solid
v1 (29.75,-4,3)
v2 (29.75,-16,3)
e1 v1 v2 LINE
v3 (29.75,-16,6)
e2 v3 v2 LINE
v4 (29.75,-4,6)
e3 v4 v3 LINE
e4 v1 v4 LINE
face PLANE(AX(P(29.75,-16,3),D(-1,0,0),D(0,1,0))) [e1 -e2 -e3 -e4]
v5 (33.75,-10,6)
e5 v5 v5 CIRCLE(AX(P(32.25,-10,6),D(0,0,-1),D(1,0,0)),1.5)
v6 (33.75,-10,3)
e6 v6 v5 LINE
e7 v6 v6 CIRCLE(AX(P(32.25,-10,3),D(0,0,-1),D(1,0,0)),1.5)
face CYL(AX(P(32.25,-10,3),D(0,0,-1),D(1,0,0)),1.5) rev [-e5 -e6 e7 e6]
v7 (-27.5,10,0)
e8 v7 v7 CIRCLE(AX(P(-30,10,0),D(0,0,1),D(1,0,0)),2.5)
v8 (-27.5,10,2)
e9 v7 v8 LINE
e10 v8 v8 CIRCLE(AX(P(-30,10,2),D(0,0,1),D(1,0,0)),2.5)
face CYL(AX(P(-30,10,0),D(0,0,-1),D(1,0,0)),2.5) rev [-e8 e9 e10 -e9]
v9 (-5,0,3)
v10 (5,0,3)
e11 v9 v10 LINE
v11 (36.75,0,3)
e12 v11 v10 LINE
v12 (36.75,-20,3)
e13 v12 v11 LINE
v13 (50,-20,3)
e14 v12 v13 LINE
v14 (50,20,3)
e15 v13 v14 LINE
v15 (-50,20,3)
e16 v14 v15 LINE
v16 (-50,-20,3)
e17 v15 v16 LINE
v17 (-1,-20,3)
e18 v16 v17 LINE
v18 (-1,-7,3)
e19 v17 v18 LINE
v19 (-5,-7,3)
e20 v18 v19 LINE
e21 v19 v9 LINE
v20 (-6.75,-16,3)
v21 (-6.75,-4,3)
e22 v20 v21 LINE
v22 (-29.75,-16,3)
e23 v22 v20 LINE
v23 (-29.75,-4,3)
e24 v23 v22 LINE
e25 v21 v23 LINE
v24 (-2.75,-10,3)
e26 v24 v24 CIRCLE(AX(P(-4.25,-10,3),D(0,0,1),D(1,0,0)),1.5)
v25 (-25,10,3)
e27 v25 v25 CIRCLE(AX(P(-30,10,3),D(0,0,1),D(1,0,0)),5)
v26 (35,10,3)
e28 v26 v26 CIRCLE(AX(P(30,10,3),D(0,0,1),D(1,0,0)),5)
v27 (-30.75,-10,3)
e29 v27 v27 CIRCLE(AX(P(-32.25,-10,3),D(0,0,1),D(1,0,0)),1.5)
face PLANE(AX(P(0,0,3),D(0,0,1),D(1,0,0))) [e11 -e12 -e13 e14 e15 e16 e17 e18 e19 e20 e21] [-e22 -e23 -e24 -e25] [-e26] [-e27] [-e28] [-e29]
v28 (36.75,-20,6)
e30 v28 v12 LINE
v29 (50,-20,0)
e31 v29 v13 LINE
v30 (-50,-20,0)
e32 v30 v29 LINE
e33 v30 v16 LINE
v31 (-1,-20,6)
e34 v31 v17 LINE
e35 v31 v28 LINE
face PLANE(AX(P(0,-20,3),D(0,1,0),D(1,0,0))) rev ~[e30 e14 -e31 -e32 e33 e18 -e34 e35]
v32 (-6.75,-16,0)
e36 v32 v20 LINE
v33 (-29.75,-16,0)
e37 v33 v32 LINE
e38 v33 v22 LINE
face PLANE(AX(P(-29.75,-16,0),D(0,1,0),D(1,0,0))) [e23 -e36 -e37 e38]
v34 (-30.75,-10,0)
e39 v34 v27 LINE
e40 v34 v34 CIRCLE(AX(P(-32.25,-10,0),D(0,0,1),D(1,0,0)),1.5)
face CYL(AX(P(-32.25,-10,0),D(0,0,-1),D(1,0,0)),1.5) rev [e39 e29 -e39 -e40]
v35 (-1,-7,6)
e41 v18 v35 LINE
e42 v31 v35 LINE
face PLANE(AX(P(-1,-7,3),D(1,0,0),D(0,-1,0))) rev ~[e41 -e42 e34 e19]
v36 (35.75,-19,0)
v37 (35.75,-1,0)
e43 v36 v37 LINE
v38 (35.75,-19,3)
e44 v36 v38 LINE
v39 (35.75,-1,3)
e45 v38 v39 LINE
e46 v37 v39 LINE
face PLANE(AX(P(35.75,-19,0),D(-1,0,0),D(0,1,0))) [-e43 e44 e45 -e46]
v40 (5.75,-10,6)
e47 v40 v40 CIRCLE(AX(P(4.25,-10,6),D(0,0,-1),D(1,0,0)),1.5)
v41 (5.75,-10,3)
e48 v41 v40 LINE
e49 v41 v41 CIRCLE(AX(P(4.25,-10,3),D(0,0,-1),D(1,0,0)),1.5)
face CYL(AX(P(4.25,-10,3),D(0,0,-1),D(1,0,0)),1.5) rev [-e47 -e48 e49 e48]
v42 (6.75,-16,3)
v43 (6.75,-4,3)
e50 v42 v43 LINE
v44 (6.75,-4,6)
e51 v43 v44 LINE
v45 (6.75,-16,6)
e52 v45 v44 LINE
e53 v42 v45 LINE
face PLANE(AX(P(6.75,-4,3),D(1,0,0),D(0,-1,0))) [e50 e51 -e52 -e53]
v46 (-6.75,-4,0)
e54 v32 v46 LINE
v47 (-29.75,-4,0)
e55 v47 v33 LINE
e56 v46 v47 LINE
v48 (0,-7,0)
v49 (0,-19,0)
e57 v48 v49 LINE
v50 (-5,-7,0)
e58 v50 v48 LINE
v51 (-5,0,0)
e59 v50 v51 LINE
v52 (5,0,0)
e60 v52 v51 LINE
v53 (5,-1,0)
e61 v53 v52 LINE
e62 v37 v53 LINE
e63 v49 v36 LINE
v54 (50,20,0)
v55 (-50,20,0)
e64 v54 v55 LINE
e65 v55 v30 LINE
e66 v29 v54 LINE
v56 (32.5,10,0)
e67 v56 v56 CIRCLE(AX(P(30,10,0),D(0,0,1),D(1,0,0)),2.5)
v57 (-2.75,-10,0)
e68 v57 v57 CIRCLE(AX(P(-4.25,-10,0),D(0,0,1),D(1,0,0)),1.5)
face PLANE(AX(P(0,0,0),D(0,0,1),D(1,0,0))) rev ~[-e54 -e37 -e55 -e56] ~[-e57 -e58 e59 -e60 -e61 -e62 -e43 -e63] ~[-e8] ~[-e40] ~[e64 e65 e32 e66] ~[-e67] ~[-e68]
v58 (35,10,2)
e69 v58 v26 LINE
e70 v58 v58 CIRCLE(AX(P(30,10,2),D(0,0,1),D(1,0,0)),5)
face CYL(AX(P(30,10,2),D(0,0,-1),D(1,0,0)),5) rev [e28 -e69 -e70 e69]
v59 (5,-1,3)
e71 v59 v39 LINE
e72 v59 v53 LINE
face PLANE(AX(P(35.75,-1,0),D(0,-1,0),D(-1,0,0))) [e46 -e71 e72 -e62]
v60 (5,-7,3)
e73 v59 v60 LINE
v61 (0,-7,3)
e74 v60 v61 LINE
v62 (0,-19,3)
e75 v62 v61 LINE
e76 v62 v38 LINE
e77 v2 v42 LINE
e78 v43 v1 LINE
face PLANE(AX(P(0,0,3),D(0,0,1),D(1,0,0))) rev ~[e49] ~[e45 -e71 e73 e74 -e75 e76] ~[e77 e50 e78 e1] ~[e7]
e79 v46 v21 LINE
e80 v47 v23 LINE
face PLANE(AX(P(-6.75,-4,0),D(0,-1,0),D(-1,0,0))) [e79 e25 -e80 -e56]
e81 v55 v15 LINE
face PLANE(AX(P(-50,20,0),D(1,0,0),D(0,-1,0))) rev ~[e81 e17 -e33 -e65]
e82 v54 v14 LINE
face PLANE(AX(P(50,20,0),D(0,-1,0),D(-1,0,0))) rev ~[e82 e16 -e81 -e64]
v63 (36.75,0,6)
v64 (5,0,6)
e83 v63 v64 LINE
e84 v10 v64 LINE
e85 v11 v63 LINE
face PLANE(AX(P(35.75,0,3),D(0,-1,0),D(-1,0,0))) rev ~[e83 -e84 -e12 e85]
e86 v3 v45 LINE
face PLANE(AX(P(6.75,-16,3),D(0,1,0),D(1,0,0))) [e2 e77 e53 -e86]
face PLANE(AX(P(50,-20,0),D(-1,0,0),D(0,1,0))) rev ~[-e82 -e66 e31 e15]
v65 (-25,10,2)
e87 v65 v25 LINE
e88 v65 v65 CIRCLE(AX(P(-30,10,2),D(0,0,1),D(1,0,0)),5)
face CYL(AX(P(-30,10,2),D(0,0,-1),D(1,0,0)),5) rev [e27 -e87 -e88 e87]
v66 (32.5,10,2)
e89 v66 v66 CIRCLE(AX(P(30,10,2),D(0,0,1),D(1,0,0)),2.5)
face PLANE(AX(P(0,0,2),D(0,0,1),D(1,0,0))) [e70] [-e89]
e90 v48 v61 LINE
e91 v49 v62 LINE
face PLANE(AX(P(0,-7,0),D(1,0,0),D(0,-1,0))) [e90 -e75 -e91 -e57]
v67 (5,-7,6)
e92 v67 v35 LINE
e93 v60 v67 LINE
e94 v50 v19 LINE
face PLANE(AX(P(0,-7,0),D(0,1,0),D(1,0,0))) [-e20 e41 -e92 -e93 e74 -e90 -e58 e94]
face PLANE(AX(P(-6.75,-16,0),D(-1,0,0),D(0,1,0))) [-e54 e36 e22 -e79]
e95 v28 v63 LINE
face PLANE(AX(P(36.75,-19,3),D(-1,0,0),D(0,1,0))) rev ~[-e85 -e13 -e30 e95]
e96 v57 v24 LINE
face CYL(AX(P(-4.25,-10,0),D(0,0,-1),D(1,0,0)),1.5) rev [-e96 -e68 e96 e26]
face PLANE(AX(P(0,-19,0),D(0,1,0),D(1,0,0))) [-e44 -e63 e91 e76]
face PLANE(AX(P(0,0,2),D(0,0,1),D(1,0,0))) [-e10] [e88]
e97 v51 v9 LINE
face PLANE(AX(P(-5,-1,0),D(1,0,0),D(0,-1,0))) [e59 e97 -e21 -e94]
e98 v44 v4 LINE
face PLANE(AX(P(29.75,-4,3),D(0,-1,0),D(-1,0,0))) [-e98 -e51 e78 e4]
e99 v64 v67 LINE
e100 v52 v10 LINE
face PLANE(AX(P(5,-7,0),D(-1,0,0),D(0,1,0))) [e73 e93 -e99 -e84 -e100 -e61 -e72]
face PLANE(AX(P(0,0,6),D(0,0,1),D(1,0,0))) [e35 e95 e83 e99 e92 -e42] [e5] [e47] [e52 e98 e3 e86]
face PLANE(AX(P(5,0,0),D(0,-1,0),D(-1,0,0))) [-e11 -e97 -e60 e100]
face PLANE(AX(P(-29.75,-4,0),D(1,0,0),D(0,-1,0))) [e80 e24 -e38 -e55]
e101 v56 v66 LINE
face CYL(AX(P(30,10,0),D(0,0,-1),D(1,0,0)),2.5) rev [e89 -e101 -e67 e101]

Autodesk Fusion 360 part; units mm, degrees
sketch "Sketch1" plane through (0, 0, 0) normal (0, 0, 1) x (1, 0, 0)
  line L0 (50, 20) -> (-50, 20)
  line L1 (-50, 20) -> (-50, -20)
  line L2 (-50, -20) -> (50, -20)
  line L3 (50, -20) -> (50, 20)
  line L4 (50, 20) -> (-50, -20) construction
  line L5 (-50, 20) -> (50, -20) construction
  line L6 (35.75, -1) -> (-35.75, -1)
  line L7 (-35.75, -1) -> (-35.75, -19)
  line L8 (-35.75, -19) -> (35.75, -19)
  line L9 (35.75, -19) -> (35.75, -1)
  line L10 (35.75, -1) -> (-35.75, -19) construction
  line L11 (-35.75, -1) -> (35.75, -19) construction
  line L12 (-29.75, -4) -> (-29.75, -16)
  line L13 (29.75, -16) -> (29.75, -4)
  line L14 (29.75, -4) -> (-29.75, -16) construction
  line L15 (-29.75, -4) -> (29.75, -16) construction
  line L16 (-6.75, -16) -> (-6.75, -4)
  line L17 (6.75, -4) -> (6.75, -16)
  line L18 (6.75, -16) -> (-6.75, -4) construction
  line L19 (-6.75, -16) -> (6.75, -4) construction
  line L20 (29.75, -4) -> (6.75, -4)
  line L21 (-6.75, -4) -> (-29.75, -4)
  line L22 (-29.75, -16) -> (-6.75, -16)
  line L23 (6.75, -16) -> (29.75, -16)
  circle A0 centre (-32.25, -10) radius 1.5
  circle A1 centre (32.25, -10) radius 1.5
  circle A2 centre (-4.25, -10) radius 1.5
  circle A3 centre (4.25, -10) radius 1.5
  line L24 (0, -1) -> (0, -19)
  line L25 (5, 0) -> (-5, 0)
  line L26 (-5, 0) -> (-5, -7)
  line L27 (-5, -7) -> (5, -7)
  line L28 (5, -7) -> (5, 0)
  line L29 (5, 0) -> (-5, -7) construction
  line L30 (-5, 0) -> (5, -7) construction
  point P0 (0, -10)
  point P1 (0, -10)
  point P2 (0, -10)
  point P3 (-32.25, -10)
  point P4 (32.25, -10)
  point P5 (-4.25, -10)
  point P6 (4.25, -10)
  point P7 (0, -3.5)
  dimension "d1" = 100
  dimension "d2" = 40
  dimension "d3" = 71.5
  dimension "d4" = 18
  dimension "d5" = 1
  dimension "d6" = 59.5
  dimension "d7" = 12
  dimension "d8" = 13.5
  dimension "d9" = 12
  dimension "d10" = 3.5
  dimension "d11" = 3
  dimension "d12" = 3.5
  dimension "d13" = 3
  dimension "d14" = 2.5
  dimension "d15" = 2.5
  dimension "d16" = 3
  dimension "d17" = 3
  dimension "d44" = 10
  dimension "d45" = 7
extrude "Extrude1" add sketch "Sketch1" along normal blind 3 contours L0 L1 L2 L3 | L6 L25 L26 L28 | L6 L24 L26 L27 | L6 L7 L8 L24 L26 L27 makes body 1
extrude "Extrude2" add sketch "Sketch1" along normal blind 6 and the other way blind -3 separate body contours L6 L8 L9 L24 L27 L28 | L6 L24 L27 L28 makes body 2
move_face "OffsetFaces1" offset 1 3 faces at (0, -7, 5) (23.8333, -1, 4) (35.75, -13, 5) on bodies 2
move_face "OffsetFaces2" offset 1 1 faces at (11.5833, -19, 5) on bodies 2
sketch "Sketch2" plane through (0, 0, 0) normal (0, 0, 1) x (1, 0, 0)
  line L0 (-50, 20) -> (-50, -20)
  line L1 (50, 20) -> (-50, 20)
  line L2 (50, -20) -> (50, 20)
  circle A0 centre (-30, 10) radius 2.5
  circle A1 centre (30, 10) radius 2.5
  circle A2 centre (-30, 10) radius 5
  circle A3 centre (30, 10) radius 5
  circle A4 centre (0, 10) radius 5
  circle A5 centre (0, 10) radius 2.5
  point P0 (-30, 10)
  point P1 (30, 10)
  dimension "d31" = 20
  dimension "d32" = 10
  dimension "d33" = 20
  dimension "d34" = 5
  dimension "d35" = 5
  dimension "d36" = 10
  dimension "d37" = 10
  dimension "d48" = 10
  dimension "d49" = 5
extrude "Extrude3" cut sketch "Sketch2" along normal blind 3 contours A0 | A1 bodies 1
extrude "Extrude4" cut sketch "Sketch2" along normal blind 3 and the other way blind -2 contours A2 | A3 bodies 1
combine "Combine1" operation add target body 2 tool bodies 1
extrude "Extrude5" cut sketch "Sketch1" along normal blind 6 contours L6 L24 L27 L28 | L6 L25 L26 L28 | L6 L24 L26 L27 bodies 2
